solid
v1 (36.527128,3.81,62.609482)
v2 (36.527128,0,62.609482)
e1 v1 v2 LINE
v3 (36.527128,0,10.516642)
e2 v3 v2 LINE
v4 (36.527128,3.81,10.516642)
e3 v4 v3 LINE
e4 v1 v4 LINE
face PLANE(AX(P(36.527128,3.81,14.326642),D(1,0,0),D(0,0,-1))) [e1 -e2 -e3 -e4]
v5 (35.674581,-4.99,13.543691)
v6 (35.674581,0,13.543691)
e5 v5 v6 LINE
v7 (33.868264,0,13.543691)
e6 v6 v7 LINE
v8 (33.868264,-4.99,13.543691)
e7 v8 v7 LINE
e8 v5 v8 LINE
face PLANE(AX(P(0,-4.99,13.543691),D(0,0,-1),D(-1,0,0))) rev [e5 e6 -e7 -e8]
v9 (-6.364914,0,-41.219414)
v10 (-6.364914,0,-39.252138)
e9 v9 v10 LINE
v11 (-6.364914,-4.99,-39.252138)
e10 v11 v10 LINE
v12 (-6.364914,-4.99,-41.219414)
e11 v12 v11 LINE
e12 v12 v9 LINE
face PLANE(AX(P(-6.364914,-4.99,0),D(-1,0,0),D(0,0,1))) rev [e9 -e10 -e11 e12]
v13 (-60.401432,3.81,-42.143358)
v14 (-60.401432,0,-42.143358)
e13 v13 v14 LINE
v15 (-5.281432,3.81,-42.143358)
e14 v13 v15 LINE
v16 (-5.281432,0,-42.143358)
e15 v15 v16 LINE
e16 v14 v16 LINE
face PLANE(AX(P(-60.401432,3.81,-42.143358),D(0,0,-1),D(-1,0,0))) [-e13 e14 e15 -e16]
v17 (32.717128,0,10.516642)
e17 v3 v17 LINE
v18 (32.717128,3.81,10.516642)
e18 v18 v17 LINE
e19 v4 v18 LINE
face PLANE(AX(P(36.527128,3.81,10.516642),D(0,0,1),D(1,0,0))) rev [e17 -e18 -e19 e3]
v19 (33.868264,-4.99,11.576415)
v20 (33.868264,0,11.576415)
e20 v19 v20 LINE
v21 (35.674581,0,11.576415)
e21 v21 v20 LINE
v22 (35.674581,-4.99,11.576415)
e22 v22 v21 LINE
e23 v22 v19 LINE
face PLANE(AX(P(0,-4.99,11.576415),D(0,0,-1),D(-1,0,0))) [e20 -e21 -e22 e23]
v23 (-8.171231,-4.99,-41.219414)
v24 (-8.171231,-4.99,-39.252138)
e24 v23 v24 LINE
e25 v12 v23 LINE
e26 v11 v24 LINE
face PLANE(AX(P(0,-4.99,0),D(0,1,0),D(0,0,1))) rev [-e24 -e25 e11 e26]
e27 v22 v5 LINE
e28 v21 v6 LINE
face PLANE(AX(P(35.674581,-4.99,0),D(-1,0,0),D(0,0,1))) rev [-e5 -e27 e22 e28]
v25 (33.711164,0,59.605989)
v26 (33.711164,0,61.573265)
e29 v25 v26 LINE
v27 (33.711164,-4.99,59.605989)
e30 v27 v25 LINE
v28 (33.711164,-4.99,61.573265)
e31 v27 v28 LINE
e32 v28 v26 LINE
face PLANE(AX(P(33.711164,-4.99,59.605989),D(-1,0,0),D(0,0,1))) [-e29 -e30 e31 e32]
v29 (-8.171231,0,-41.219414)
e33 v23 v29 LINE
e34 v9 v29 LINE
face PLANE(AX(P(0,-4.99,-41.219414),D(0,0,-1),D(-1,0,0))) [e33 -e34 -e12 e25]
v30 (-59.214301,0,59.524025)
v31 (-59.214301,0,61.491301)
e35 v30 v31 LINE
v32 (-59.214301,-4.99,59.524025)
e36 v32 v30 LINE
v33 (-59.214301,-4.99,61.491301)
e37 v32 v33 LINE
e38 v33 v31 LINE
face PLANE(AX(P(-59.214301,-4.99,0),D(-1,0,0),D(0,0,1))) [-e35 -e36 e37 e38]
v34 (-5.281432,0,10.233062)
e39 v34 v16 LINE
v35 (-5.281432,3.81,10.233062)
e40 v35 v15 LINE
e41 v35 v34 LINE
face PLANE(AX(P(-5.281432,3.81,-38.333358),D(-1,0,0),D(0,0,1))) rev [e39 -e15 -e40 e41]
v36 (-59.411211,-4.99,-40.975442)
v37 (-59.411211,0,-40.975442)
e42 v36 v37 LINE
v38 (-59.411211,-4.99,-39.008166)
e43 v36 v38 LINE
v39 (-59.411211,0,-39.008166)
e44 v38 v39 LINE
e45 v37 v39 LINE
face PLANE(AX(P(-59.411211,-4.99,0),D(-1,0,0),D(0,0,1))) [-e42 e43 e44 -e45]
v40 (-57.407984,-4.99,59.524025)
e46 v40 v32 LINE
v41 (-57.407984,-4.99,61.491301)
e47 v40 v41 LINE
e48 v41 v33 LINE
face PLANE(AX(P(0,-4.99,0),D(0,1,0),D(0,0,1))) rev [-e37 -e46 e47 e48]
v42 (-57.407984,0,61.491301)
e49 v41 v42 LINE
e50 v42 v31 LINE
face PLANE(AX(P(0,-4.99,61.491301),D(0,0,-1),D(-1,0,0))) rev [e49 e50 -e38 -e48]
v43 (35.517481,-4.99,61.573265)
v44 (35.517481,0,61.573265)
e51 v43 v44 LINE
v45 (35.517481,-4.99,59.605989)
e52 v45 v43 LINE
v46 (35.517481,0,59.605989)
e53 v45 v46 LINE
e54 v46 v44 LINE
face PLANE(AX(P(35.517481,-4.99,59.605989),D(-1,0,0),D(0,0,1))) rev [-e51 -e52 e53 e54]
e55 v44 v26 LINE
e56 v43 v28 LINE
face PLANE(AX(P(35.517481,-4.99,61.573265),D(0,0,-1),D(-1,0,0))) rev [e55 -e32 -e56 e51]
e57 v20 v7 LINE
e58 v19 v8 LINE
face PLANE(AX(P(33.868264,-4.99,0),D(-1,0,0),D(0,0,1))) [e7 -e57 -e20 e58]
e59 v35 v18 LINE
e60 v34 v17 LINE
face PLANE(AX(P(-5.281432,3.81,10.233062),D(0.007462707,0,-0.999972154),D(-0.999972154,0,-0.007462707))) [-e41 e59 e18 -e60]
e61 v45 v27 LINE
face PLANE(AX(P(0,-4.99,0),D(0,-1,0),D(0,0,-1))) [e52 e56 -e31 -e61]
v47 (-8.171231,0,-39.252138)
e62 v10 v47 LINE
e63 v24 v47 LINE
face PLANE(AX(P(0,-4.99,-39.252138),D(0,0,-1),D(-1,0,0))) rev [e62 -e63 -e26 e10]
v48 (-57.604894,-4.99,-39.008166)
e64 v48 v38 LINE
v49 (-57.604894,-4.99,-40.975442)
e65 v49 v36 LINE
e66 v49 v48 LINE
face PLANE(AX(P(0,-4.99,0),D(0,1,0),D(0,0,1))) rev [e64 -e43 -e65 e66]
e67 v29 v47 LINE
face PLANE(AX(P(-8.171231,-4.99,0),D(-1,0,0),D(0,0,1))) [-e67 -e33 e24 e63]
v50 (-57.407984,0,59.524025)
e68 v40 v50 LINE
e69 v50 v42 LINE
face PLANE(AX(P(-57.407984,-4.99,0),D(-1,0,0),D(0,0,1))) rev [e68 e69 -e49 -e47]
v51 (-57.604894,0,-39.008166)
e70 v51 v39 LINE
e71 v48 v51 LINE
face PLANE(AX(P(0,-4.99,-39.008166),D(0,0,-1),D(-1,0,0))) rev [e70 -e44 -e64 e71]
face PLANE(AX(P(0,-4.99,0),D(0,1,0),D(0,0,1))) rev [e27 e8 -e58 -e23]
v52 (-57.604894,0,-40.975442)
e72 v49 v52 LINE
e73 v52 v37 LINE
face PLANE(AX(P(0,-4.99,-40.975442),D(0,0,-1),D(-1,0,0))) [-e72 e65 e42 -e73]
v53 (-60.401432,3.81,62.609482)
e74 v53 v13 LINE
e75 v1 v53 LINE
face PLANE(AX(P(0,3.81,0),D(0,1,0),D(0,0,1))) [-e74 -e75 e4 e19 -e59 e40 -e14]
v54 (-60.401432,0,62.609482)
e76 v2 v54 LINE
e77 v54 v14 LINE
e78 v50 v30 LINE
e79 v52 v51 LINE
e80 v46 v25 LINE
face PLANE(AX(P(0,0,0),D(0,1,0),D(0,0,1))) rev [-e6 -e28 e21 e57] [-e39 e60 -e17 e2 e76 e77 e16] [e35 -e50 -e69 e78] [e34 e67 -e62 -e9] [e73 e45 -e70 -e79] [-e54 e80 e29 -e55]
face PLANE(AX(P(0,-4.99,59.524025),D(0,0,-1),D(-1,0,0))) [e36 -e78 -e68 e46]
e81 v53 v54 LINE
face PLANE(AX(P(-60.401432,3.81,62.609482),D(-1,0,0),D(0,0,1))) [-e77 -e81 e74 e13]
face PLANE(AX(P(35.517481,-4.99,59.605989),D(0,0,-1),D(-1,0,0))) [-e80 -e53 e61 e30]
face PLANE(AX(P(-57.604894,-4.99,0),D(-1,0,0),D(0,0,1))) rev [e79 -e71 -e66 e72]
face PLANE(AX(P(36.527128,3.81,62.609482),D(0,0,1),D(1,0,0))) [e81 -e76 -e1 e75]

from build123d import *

# Parameters (mm, degrees)
BOSS_EXTRUDE1_DEPTH = 3.81
SKETCH2_W           = 1.806317066
SKETCH2_H           = 1.967276013
SKETCH2_W_2         = 1.806317067
BOSS_EXTRUDE3_DEPTH = 8.8


with BuildPart() as part:
    # Sketch1 → Boss-Extrude1 (new body)
    with BuildSketch(Plane(origin=(0, 0, 0), x_dir=(1, 0, 0), z_dir=(0, 1, 0))):
        Polygon((36.52712799, -14.326641718), (36.52712799, -62.609481683), (-60.401431987, -62.609481683), (-60.401431987, 42.143358282), (-9.091431987, 42.143358282), (-5.281431987, 42.143358282), (-5.281431987, 38.333358282), (-5.281431987, -10.233061701), (32.71712799, -10.516641718), (36.52712799, -10.516641718), align=None)
    extrude(amount=BOSS_EXTRUDE1_DEPTH)

    # Sketch2 → Boss-Extrude3 (add)
    with BuildSketch(Plane(origin=(0, 3.81, 0), x_dir=(1, 0, 0), z_dir=(0, 1, 0))):
        with Locations((34.771422609, -12.560052875)):
            Rectangle(SKETCH2_W, SKETCH2_H)
        with Locations((-7.268072139, 40.235776176)):
            Rectangle(SKETCH2_W_2, SKETCH2_H)
        with Locations((-58.508052472, 39.991804454)):
            Rectangle(SKETCH2_W_2, SKETCH2_H)
        with Locations((-58.311142754, -60.507662725)):
            Rectangle(SKETCH2_W_2, SKETCH2_H)
        with Locations((34.614322263, -60.589626835)):
            Rectangle(SKETCH2_W, SKETCH2_H)
    extrude(amount=-BOSS_EXTRUDE3_DEPTH)


solid = part.part
